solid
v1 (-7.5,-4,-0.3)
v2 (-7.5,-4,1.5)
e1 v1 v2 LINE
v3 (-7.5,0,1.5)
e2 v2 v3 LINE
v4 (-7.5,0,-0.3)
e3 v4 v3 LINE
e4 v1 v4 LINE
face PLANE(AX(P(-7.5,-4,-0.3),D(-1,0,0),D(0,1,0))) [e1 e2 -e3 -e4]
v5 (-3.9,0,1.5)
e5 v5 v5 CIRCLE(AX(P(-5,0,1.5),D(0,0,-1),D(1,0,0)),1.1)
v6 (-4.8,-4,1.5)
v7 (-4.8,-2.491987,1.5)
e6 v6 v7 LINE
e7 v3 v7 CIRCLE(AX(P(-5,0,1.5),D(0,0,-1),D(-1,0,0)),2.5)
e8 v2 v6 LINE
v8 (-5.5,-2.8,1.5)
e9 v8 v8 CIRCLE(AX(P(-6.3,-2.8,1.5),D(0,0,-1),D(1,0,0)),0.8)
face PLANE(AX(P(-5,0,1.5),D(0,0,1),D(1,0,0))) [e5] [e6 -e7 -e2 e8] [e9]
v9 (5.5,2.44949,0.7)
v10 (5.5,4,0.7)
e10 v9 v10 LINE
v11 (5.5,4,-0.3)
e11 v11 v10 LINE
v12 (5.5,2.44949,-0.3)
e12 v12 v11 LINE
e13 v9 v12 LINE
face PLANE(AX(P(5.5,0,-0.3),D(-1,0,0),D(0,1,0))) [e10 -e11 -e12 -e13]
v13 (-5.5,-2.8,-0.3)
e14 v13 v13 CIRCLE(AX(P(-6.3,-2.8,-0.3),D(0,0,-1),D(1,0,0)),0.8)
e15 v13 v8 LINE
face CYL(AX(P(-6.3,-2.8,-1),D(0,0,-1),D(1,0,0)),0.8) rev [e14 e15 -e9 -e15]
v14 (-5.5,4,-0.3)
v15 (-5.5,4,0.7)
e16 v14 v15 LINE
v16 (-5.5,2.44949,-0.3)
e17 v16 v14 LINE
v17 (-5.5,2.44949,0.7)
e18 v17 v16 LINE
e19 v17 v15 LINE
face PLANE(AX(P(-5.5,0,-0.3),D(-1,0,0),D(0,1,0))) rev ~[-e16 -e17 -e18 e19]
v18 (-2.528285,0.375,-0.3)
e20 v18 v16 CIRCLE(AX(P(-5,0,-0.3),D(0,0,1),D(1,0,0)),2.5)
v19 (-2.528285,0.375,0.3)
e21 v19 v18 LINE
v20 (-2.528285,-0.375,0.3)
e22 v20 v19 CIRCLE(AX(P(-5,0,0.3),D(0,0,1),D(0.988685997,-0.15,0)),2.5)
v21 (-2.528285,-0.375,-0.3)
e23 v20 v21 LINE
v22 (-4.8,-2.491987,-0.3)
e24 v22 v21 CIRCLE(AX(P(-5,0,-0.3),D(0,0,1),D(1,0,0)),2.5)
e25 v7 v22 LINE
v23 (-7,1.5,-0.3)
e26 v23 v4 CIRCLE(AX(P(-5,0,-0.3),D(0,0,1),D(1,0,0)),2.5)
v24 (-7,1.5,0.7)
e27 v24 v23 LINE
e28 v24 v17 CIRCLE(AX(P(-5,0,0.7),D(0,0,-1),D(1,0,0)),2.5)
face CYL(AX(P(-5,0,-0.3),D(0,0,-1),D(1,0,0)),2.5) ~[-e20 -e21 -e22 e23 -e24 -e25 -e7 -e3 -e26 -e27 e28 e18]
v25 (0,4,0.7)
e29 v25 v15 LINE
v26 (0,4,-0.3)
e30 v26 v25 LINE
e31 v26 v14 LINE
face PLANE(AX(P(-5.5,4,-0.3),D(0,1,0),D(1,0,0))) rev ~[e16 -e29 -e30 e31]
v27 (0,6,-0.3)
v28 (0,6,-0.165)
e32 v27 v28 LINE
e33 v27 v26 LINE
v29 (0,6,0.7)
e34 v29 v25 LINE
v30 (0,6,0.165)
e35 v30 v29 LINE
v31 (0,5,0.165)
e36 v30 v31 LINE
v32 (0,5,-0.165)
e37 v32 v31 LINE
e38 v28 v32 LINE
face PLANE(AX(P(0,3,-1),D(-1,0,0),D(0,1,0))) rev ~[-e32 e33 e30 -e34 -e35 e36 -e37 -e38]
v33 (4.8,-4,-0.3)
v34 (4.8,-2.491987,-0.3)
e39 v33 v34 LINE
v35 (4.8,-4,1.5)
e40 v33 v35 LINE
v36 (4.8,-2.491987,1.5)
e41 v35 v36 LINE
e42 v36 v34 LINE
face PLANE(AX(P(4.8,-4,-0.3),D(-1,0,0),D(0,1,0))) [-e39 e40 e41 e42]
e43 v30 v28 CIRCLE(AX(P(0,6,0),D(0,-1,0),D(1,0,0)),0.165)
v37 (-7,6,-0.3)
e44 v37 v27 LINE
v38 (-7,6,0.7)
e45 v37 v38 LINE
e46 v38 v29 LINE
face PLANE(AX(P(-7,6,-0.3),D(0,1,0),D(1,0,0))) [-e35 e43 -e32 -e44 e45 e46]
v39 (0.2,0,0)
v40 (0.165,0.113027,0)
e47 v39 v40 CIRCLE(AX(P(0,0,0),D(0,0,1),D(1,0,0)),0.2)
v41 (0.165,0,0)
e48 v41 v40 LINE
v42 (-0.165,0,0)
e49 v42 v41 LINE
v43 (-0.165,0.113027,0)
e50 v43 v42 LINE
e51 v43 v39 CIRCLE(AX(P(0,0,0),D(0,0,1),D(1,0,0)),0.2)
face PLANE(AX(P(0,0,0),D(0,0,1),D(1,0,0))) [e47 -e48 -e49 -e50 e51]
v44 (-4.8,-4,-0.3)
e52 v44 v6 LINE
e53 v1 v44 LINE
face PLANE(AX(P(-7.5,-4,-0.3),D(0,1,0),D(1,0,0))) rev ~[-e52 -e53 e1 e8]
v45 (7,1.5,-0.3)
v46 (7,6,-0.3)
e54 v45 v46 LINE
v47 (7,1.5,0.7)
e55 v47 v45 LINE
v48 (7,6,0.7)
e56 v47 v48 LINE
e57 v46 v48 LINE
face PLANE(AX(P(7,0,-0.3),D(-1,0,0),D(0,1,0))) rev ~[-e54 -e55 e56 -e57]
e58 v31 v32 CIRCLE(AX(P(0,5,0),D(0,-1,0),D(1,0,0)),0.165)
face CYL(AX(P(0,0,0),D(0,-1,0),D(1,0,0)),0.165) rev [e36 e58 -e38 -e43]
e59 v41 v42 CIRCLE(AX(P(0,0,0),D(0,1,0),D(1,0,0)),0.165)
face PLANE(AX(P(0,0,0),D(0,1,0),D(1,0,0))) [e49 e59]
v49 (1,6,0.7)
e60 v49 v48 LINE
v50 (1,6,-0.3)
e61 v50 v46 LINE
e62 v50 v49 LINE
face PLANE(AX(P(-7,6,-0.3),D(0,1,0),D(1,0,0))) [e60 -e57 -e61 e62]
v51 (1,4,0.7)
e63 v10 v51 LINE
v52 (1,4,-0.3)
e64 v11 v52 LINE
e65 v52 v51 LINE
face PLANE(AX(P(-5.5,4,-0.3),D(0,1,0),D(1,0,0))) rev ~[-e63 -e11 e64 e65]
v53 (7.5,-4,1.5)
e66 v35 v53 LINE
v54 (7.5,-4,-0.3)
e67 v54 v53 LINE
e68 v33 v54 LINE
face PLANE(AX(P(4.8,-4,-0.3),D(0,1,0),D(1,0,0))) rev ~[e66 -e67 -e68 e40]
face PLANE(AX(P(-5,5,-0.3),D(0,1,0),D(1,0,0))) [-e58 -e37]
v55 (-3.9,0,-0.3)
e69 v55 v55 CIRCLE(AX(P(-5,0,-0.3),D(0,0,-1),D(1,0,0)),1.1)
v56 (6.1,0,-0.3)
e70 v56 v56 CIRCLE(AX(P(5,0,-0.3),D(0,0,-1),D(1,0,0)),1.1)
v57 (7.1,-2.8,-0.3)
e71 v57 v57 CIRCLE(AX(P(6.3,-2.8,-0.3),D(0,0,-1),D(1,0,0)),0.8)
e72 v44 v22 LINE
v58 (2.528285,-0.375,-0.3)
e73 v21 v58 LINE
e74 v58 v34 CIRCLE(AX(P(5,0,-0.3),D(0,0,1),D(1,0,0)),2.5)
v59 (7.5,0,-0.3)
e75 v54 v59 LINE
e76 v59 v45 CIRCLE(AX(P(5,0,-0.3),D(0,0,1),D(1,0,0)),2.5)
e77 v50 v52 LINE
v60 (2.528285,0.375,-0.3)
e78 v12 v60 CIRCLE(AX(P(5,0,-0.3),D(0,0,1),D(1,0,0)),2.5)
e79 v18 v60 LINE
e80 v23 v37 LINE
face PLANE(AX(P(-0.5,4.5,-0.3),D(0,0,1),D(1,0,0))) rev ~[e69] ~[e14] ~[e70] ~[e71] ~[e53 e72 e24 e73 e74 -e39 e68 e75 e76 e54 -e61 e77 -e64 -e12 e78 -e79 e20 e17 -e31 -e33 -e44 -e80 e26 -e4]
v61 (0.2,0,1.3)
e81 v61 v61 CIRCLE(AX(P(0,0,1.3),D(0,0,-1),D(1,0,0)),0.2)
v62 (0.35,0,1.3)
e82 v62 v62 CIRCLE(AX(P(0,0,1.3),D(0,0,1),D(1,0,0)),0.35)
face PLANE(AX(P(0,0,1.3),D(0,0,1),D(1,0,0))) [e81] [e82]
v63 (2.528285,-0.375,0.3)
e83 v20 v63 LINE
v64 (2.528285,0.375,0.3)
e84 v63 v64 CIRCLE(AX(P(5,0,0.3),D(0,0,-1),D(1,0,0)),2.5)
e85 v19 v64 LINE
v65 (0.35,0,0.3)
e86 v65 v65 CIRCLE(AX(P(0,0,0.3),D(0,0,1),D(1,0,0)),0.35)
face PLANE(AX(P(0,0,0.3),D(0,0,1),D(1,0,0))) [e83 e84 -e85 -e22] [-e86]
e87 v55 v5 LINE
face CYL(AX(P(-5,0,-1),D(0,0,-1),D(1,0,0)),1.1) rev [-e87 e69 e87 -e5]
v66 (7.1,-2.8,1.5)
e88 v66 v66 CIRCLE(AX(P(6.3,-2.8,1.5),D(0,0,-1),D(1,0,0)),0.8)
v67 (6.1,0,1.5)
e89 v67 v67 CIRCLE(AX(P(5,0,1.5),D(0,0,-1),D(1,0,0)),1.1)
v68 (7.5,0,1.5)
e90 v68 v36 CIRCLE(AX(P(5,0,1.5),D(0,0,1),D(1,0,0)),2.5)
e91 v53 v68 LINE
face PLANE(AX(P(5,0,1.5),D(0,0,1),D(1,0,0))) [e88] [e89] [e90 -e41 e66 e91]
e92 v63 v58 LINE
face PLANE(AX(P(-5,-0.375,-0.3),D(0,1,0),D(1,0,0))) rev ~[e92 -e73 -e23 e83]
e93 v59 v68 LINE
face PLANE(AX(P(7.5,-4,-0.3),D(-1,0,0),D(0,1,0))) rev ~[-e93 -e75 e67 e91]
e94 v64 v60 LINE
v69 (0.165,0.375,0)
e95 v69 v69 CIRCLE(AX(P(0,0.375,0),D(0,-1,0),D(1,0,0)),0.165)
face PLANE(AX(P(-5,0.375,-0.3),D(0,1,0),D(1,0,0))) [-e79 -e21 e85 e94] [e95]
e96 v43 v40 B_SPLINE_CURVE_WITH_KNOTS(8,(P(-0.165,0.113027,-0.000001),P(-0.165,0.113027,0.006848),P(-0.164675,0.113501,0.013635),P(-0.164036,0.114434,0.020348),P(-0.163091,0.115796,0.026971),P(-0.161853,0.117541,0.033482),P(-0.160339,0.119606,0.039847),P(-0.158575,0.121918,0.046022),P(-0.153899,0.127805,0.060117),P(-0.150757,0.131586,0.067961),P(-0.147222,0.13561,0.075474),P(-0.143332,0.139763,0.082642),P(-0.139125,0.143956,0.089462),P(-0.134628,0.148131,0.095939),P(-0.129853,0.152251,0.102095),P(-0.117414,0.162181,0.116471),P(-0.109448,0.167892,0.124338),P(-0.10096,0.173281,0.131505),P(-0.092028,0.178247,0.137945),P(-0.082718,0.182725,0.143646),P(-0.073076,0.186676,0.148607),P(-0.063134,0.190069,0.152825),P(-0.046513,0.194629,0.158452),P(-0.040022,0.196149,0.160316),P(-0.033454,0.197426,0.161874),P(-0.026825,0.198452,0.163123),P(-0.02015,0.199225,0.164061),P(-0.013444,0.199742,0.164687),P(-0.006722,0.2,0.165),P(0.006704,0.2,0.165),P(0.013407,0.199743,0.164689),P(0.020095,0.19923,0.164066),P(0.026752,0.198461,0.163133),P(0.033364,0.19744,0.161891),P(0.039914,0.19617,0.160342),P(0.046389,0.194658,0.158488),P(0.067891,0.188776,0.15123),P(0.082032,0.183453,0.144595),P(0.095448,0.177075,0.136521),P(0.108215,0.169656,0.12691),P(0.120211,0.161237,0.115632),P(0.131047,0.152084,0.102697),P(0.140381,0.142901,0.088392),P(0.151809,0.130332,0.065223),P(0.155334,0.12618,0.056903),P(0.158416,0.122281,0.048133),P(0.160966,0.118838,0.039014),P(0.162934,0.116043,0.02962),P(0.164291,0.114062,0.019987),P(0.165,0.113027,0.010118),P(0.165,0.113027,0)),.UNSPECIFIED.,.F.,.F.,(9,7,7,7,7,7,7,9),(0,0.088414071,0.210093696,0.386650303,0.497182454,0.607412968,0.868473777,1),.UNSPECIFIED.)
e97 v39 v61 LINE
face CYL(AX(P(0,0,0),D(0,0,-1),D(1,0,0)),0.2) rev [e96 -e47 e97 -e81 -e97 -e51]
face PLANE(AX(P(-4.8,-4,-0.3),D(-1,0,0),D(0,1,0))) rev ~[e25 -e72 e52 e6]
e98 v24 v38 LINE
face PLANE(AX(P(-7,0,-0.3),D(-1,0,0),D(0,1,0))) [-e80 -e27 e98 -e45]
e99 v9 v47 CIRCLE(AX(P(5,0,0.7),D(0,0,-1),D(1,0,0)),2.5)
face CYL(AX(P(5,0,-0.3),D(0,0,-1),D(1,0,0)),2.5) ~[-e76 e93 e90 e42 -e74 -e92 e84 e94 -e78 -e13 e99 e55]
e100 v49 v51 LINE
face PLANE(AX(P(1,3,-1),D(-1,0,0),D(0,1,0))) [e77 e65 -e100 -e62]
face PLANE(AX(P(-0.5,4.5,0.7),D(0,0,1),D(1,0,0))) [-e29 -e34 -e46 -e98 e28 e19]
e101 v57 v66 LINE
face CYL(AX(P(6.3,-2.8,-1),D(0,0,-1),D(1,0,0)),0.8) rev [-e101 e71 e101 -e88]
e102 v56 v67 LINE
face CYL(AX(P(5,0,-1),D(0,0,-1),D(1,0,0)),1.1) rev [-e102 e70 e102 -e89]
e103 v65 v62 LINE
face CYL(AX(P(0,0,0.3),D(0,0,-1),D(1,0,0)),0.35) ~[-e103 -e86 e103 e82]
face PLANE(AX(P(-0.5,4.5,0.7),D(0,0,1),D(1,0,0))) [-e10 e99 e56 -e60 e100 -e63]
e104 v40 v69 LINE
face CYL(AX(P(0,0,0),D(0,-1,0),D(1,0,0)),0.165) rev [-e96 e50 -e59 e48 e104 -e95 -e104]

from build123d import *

# Parameters (mm, degrees)
BOX006_W          = 1
BOX006_H          = 6
BOX006_DEPTH      = 4
BOX005_W          = 9
BOX005_H          = 1
BOX005_DEPTH      = 1
CYLINDER144_R     = 0.8
CYLINDER144_DEPTH = 10
CYLINDER136_R     = 0.2
CYLINDER136_DEPTH = 9
CYLINDER_R        = 1.1
CYLINDER_DEPTH    = 4
CYLINDER139_R     = 1.1
CYLINDER139_DEPTH = 4
CYLINDER138_R     = 0.165
CYLINDER138_DEPTH = 8
CYLINDER143_R     = 0.8
CYLINDER143_DEPTH = 10
BOX003_W          = 2.7
BOX003_H          = 4
BOX003_DEPTH      = 1.8
BOX004_W          = 2.7
BOX004_H          = 4
BOX004_DEPTH      = 1.8
CYLINDER142_R     = 2.5
CYLINDER142_DEPTH = 1.8
CYLINDER141_R     = 2.5
CYLINDER141_DEPTH = 1.8
CYLINDER140_R     = 0.35
CYLINDER140_DEPTH = 1
BOX_W             = 10
BOX_H             = 0.75
BOX_DEPTH         = 0.6
BOX002_W          = 11
BOX002_H          = 4
BOX002_DEPTH      = 1
BOX001_W          = 14
BOX001_H          = 6
BOX001_DEPTH      = 1


with BuildPart() as cube003:
    # Box006 → Box006 (new body)
    with BuildSketch(Plane(origin=(0, 3, -1), x_dir=(1, 0, 0), z_dir=(0, 0, 1))):
        with Locations((0.5, 3)):
            Rectangle(BOX006_W, BOX006_H)
    extrude(amount=BOX006_DEPTH)


with BuildPart() as cube002:
    # Box005 → Box005 (new body)
    with BuildSketch(Plane(origin=(-5, 4, -0.3), x_dir=(1, 0, 0), z_dir=(0, 0, 1))):
        with Locations((4.5, 0.5)):
            Rectangle(BOX005_W, BOX005_H)
    extrude(amount=BOX005_DEPTH)


with BuildPart() as cylinder001:
    # Cylinder144 → Cylinder144 (new body)
    with BuildSketch(Plane(origin=(6.3, -2.8, -1), x_dir=(1, 0, 0), z_dir=(0, 0, 1))):
        Circle(CYLINDER144_R)
    extrude(amount=CYLINDER144_DEPTH)


with BuildPart() as bowtienozzle:
    # Cylinder136 → Cylinder136 (new body)
    with BuildSketch(Plane.XY):
        Circle(CYLINDER136_R)
    extrude(amount=CYLINDER136_DEPTH)


with BuildPart() as mountinghole1:
    # Cylinder → Cylinder (new body)
    with BuildSketch(Plane(origin=(-5, 0, -1), x_dir=(1, 0, 0), z_dir=(0, 0, 1))):
        Circle(CYLINDER_R)
    extrude(amount=CYLINDER_DEPTH)


with BuildPart() as mountinghole2:
    # Cylinder139 → Cylinder139 (new body)
    with BuildSketch(Plane(origin=(5, 0, -1), x_dir=(1, 0, 0), z_dir=(0, 0, 1))):
        Circle(CYLINDER139_R)
    extrude(amount=CYLINDER139_DEPTH)


with BuildPart() as fusion001:
    # Cylinder138 → Cylinder138 (new body)
    with BuildSketch(Plane(origin=(0, 0, 0), x_dir=(1, 0, 0), z_dir=(0, 1, 0))):
        Circle(CYLINDER138_R)
    extrude(amount=CYLINDER138_DEPTH)

    # Fusion001: union BowTieNozzle, MountingHole1, MountingHole2
    add(bowtienozzle.part)
    add(mountinghole1.part)
    add(mountinghole2.part)


with BuildPart() as fusion003:
    # Cylinder143 → Cylinder143 (new body)
    with BuildSketch(Plane(origin=(-6.3, -2.8, -1), x_dir=(1, 0, 0), z_dir=(0, 0, 1))):
        Circle(CYLINDER143_R)
    extrude(amount=CYLINDER143_DEPTH)

    # Fusion003: union Cylinder001, Fusion001
    add(cylinder001.part)
    add(fusion001.part)


with BuildPart() as cube:
    # Box003 → Box003 (new body)
    with BuildSketch(Plane(origin=(4.8, -4, -0.3), x_dir=(1, 0, 0), z_dir=(0, 0, 1))):
        with Locations((1.35, 2)):
            Rectangle(BOX003_W, BOX003_H)
    extrude(amount=BOX003_DEPTH)


with BuildPart() as cube001:
    # Box004 → Box004 (new body)
    with BuildSketch(Plane(origin=(-7.5, -4, -0.3), x_dir=(1, 0, 0), z_dir=(0, 0, 1))):
        with Locations((1.35, 2)):
            Rectangle(BOX004_W, BOX004_H)
    extrude(amount=BOX004_DEPTH)


with BuildPart() as mountingholeod001:
    # Cylinder142 → Cylinder142 (new body)
    with BuildSketch(Plane(origin=(5, 0, -0.3), x_dir=(1, 0, 0), z_dir=(0, 0, 1))):
        Circle(CYLINDER142_R)
    extrude(amount=CYLINDER142_DEPTH)


with BuildPart() as mountingholeod:
    # Cylinder141 → Cylinder141 (new body)
    with BuildSketch(Plane(origin=(-5, 0, -0.3), x_dir=(1, 0, 0), z_dir=(0, 0, 1))):
        Circle(CYLINDER141_R)
    extrude(amount=CYLINDER141_DEPTH)


with BuildPart() as nozzle_od:
    # Cylinder140 → Cylinder140 (new body)
    with BuildSketch(Plane.XY.offset(0.3)):
        Circle(CYLINDER140_R)
    extrude(amount=CYLINDER140_DEPTH)


with BuildPart() as fusion:
    # Box → Box (new body)
    with BuildSketch(Plane(origin=(-5, -0.375, -0.3), x_dir=(1, 0, 0), z_dir=(0, 0, 1))):
        with Locations((5, 0.375)):
            Rectangle(BOX_W, BOX_H)
    extrude(amount=BOX_DEPTH)

    # Fusion: union MountingHoleOD001, MountingHoleOD, Nozzle_OD
    add(mountingholeod001.part)
    add(mountingholeod.part)
    add(nozzle_od.part)


with BuildPart() as supportsubtract:
    # Box002 → Box002 (new body)
    with BuildSketch(Plane(origin=(-5.5, 0, -0.3), x_dir=(1, 0, 0), z_dir=(0, 0, 1))):
        with Locations((5.5, 2)):
            Rectangle(BOX002_W, BOX002_H)
    extrude(amount=BOX002_DEPTH)


with BuildPart() as cut002:
    # Box001 → Box001 (new body)
    with BuildSketch(Plane(origin=(-7, 0, -0.3), x_dir=(1, 0, 0), z_dir=(0, 0, 1))):
        with Locations((7, 3)):
            Rectangle(BOX001_W, BOX001_H)
    extrude(amount=BOX001_DEPTH)

    # Cut: cut SupportSubtract
    add(supportsubtract.part, mode=Mode.SUBTRACT)

    # Fusion002: union Cube, Cube001, Fusion
    add(cube.part)
    add(cube001.part)
    add(fusion.part)

    # Cut001: cut Fusion003
    add(fusion003.part, mode=Mode.SUBTRACT)

    # Fusion004: union Cube002
    add(cube002.part)

    # Cut002: cut Cube003
    add(cube003.part, mode=Mode.SUBTRACT)


solid = cut002.part
